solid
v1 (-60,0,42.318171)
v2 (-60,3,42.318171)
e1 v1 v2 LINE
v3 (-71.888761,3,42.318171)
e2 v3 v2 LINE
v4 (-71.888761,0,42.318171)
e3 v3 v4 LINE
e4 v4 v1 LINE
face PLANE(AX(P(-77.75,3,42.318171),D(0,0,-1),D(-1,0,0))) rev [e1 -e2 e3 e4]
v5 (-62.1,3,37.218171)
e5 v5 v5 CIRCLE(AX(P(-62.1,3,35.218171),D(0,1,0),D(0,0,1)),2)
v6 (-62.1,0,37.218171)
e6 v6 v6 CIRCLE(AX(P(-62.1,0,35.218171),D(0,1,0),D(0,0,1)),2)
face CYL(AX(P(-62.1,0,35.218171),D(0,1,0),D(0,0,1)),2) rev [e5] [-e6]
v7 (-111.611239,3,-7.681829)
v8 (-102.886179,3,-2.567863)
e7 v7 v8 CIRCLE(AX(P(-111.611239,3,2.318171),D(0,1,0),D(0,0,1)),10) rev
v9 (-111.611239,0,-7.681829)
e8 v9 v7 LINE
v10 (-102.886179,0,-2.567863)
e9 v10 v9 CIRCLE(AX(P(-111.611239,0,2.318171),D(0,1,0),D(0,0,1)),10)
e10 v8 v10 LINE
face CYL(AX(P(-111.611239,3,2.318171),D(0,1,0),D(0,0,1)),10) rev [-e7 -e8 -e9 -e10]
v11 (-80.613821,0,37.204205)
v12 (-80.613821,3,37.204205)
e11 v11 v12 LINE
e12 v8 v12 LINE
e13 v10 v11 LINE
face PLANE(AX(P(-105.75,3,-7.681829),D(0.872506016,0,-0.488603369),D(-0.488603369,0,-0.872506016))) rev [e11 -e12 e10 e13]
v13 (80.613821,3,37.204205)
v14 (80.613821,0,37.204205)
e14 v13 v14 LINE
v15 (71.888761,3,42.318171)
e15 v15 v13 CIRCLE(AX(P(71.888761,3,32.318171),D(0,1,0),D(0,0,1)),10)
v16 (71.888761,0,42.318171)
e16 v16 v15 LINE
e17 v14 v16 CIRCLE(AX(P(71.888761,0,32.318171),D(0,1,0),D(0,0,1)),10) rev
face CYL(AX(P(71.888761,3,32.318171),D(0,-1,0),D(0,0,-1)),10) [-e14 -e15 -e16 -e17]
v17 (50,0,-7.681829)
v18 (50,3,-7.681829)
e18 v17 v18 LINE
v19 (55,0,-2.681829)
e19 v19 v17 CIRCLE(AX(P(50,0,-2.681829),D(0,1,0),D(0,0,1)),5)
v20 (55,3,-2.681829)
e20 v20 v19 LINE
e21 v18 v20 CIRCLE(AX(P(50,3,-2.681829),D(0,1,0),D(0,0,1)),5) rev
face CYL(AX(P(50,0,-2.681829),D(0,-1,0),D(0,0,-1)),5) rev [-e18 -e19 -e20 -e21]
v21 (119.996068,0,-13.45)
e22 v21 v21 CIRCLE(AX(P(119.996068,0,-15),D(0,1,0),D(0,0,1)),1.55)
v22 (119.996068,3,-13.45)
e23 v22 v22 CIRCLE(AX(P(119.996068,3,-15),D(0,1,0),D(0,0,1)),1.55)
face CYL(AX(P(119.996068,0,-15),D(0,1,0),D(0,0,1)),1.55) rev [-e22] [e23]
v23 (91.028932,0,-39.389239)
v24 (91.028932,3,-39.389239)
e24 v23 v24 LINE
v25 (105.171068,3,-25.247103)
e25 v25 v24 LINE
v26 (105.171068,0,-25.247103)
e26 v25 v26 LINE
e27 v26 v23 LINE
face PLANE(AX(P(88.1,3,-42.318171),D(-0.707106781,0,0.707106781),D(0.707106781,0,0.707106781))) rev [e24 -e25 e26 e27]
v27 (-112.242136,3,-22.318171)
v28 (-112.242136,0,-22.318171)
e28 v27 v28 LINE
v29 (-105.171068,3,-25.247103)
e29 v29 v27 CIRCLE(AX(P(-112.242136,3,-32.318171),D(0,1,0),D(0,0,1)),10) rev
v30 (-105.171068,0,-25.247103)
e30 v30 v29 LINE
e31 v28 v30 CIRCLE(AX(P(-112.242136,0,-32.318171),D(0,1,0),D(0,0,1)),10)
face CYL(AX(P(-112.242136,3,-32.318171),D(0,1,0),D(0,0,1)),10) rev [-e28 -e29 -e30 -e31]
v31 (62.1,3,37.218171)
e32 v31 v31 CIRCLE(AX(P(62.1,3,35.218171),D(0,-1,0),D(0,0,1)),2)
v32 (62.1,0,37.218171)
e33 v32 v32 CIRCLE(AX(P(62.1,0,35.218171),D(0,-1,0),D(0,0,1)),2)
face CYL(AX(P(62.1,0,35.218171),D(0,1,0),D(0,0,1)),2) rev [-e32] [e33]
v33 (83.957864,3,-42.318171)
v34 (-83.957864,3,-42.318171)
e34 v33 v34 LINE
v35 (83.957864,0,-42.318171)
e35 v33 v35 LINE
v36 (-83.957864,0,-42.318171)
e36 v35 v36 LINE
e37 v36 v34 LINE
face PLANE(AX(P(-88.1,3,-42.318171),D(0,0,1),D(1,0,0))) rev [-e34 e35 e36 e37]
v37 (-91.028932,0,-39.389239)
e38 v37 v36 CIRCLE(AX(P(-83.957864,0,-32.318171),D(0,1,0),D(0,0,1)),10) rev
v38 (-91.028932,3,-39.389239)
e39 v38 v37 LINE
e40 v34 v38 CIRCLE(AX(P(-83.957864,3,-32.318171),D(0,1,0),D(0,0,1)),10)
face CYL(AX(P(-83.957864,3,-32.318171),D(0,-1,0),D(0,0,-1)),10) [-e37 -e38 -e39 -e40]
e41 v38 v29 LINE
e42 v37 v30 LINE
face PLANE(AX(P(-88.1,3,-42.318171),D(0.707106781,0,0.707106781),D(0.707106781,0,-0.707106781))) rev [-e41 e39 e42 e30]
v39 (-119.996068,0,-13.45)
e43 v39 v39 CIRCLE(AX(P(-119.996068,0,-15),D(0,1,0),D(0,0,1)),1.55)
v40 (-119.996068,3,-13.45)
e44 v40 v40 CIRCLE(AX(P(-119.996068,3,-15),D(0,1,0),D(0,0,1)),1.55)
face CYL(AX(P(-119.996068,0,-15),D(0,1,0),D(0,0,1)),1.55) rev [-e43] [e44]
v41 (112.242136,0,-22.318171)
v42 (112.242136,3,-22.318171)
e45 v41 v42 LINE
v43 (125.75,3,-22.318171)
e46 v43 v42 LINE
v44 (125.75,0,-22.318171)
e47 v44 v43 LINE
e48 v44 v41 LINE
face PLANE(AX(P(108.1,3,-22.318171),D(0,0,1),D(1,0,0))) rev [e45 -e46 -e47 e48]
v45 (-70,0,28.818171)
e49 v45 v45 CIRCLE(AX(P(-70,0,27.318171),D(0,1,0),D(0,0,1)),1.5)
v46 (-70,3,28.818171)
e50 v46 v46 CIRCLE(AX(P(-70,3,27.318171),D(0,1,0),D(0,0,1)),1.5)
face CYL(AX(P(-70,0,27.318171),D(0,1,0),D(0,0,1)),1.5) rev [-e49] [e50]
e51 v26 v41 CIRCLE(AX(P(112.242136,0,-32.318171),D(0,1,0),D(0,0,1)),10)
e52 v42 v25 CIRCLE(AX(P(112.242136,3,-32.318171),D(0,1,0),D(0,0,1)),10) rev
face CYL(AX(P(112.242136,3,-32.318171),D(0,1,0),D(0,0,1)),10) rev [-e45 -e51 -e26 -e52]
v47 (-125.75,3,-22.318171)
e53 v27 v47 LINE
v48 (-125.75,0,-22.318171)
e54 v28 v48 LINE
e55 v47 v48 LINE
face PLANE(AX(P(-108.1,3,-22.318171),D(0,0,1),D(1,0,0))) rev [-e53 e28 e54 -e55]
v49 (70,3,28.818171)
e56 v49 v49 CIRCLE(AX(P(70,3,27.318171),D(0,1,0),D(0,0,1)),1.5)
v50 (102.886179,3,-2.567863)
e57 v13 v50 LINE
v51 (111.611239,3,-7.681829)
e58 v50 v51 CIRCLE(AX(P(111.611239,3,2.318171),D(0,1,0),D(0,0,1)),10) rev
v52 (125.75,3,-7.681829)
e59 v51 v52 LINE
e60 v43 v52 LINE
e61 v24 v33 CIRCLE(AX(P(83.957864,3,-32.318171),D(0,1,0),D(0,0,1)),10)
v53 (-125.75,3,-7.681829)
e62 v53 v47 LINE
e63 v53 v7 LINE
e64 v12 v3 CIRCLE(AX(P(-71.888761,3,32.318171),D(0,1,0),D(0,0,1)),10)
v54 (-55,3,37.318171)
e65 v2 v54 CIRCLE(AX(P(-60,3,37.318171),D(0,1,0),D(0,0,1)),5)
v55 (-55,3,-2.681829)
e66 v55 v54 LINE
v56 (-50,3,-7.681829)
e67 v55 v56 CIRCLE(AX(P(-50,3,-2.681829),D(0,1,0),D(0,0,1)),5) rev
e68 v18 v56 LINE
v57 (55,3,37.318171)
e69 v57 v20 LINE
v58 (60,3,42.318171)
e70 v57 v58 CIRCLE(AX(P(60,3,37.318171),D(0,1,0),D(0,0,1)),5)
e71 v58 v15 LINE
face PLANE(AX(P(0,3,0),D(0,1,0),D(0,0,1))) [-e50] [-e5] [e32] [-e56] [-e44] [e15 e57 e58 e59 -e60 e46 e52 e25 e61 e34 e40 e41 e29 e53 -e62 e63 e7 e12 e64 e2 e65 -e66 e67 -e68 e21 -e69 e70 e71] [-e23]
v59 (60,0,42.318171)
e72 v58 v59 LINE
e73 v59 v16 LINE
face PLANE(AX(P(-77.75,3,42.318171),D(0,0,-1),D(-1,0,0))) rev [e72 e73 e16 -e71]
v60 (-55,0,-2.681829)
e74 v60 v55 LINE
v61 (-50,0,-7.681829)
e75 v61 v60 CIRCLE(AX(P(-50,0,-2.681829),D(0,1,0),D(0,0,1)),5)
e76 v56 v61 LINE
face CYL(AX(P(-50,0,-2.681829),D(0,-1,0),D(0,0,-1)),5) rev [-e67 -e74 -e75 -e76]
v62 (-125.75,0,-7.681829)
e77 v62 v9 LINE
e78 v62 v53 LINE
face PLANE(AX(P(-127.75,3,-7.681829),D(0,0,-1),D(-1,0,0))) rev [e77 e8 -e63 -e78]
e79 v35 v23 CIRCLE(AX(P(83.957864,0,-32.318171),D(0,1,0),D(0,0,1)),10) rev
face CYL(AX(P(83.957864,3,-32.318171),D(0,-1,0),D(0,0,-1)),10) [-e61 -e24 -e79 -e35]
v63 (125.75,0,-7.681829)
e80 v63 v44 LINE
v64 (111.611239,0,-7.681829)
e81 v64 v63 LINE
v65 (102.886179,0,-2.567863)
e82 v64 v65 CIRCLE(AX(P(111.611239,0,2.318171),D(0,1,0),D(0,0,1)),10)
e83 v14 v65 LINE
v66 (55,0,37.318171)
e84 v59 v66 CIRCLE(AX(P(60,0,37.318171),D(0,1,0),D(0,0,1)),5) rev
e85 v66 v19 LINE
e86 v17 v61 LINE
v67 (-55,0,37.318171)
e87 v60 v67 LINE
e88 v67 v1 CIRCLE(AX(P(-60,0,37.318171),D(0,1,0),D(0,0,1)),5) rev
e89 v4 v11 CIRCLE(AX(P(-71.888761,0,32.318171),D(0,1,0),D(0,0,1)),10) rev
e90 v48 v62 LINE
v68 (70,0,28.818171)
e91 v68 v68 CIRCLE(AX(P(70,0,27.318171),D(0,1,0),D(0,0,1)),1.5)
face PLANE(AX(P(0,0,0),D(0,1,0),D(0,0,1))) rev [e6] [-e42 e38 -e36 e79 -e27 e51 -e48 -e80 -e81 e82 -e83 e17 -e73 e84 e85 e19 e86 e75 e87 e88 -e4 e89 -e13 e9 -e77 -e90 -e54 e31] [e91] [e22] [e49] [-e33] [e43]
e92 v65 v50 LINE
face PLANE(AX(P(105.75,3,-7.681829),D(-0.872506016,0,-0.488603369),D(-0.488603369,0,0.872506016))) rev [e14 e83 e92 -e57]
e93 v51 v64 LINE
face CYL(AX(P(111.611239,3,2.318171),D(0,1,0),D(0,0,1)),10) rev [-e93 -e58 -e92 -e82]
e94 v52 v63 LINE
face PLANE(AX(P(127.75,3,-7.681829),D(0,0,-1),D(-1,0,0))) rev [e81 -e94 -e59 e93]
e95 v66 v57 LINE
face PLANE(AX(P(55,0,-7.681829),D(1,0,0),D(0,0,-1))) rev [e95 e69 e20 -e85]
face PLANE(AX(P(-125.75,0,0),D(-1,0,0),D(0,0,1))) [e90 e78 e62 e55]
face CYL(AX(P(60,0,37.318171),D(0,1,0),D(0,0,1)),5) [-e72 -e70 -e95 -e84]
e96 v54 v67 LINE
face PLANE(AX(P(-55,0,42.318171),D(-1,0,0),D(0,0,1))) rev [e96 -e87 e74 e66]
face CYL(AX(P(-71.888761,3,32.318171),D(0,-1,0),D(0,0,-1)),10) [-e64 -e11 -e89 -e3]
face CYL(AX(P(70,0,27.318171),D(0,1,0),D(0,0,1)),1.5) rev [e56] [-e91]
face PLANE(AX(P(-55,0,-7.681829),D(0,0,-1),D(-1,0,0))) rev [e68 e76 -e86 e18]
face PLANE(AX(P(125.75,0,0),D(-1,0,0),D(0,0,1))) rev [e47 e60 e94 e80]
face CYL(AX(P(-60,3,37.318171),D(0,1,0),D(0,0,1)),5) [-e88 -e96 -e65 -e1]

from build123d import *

# Parameters (mm, degrees)
SALIENTE_EXTRUIR1_DEPTH = 3
REDONDEO1_R             = 10
CROQUIS2_R              = 1.5
CROQUIS2_R_2            = 1.55
CORTAR_EXTRUIR1_DEPTH   = 135.610141171
CROQUIS4_W              = 110
CROQUIS4_H              = 50
CORTAR_EXTRUIR2_DEPTH   = 135.610141171
REDONDEO2_R             = 5
CROQUIS5_W              = 4
CROQUIS5_H              = 14.636342218
CORTAR_EXTRUIR3_DEPTH   = 135.610141171
CROQUIS6_W              = 14.636342218
CROQUIS6_H              = 3
SALIENTE_EXTRUIR2_DEPTH = 2
CROQUIS8_W              = 14.636342218
CROQUIS8_H              = 3
SALIENTE_EXTRUIR3_DEPTH = 2
CROQUIS9_R              = 2
CORTAR_EXTRUIR4_DEPTH   = 133.713564137


with BuildPart() as part:
    # Croquis1 → Saliente-Extruir1 (new body)
    with BuildSketch(Plane(origin=(0, 0, 0), x_dir=(1, 0, 0), z_dir=(0, 1, 0))):
        Polygon((-88.1, 42.318171109), (88.1, 42.318171109), (108.1, 22.318171109), (127.75, 22.318171109), (127.75, 7.681828891), (105.75, 7.681828891), (77.75, -42.318171109), (-77.75, -42.318171109), (-105.75, 7.681828891), (-127.75, 7.681828891), (-127.75, 22.318171109), (-108.1, 22.318171109), align=None)
    extrude(amount=SALIENTE_EXTRUIR1_DEPTH)

    # Redondeo1
    redondeo1_edges = [part.edges().sort_by_distance(p)[0] for p in [
        (-88.1, 1.5, -42.318171109),
        (88.1, 1.5, -42.318171109),
        (108.1, 1.5, -22.318171109),
        (105.75, 1.5, -7.681828891),
        (77.75, 1.5, 42.318171109),
        (-77.75, 1.5, 42.318171109),
        (-105.75, 1.5, -7.681828891),
        (-108.1, 1.5, -22.318171109),
    ]]
    fillet(redondeo1_edges, radius=REDONDEO1_R)

    # Croquis2 → Cortar-Extruir1 (cut, through all)
    with BuildSketch(Plane(origin=(0, 3, 0), x_dir=(1, 0, 0), z_dir=(0, 1, 0))):
        with Locations(Location((70, -27.318171109, 0), (0, 0, 270))):
            Circle(CROQUIS2_R)
        with Locations(Location((-70, -27.318171109, 0), (0, 0, 270))):
            Circle(CROQUIS2_R)
        with Locations(Location((-119.996067812, 15, 0), (0, 0, 270))):
            Circle(CROQUIS2_R_2)
        with Locations(Location((119.996067812, 15, 0), (0, 0, 270))):
            Circle(CROQUIS2_R_2)
        with Locations(Location((-17.5, -17.318171109, 0), (0, 0, 270))):
            Circle(CROQUIS2_R)
        with Locations(Location((17.5, -17.318171109, 0), (0, 0, 270))):
            Circle(CROQUIS2_R)
        with Locations(Location((-17.5, -37.318171109, 0), (0, 0, 270))):
            Circle(CROQUIS2_R)
        with Locations(Location((17.5, -37.318171109, 0), (0, 0, 270))):
            Circle(CROQUIS2_R)
    extrude(amount=-CORTAR_EXTRUIR1_DEPTH, mode=Mode.SUBTRACT)

    # Croquis4 → Cortar-Extruir2 (cut, through all)
    with BuildSketch(Plane(origin=(0, 3, 0), x_dir=(1, 0, 0), z_dir=(0, 1, 0))):
        with Locations((0, -17.318171109)):
            Rectangle(CROQUIS4_W, CROQUIS4_H)
    extrude(amount=-CORTAR_EXTRUIR2_DEPTH, mode=Mode.SUBTRACT)

    # Redondeo2
    redondeo2_edges = [part.edges().sort_by_distance(p)[0] for p in [
        (55, 1.5, 42.318171109),
        (-55, 1.5, 42.318171109),
        (-55, 1.5, -7.681828891),
        (55, 1.5, -7.681828891),
    ]]
    fillet(redondeo2_edges, radius=REDONDEO2_R)

    # Croquis5 → Cortar-Extruir3 (cut, through all)
    with BuildSketch(Plane(origin=(0, 3, 0), x_dir=(1, 0, 0), z_dir=(0, 1, 0))):
        with Locations((-125.75, 15)):
            Rectangle(CROQUIS5_W, CROQUIS5_H)
        with Locations((125.75, 15)):
            Rectangle(CROQUIS5_W, CROQUIS5_H)
    extrude(amount=-CORTAR_EXTRUIR3_DEPTH, mode=Mode.SUBTRACT)

    # Croquis6 → Saliente-Extruir2 (add)
    with BuildSketch(Plane(origin=(123.75, 0, 0), x_dir=(0, 0, -1), z_dir=(1, 0, 0))):
        with Locations((15, 1.5)):
            Rectangle(CROQUIS6_W, CROQUIS6_H)
    extrude(amount=SALIENTE_EXTRUIR2_DEPTH)

    # Croquis8 → Saliente-Extruir3 (add)
    with BuildSketch(Plane.ZY.offset(123.75)):
        with Locations((-15, 1.5)):
            Rectangle(CROQUIS8_W, CROQUIS8_H)
    extrude(amount=SALIENTE_EXTRUIR3_DEPTH)

    # Croquis9 → Cortar-Extruir4 (cut, through all)
    with BuildSketch(Plane(origin=(0, 3, 0), x_dir=(1, 0, 0), z_dir=(0, 1, 0))):
        with Locations(Location((-62.1, -35.218171109, 0), (0, 0, 270))):
            Circle(CROQUIS9_R)
    cortar_extruir4 = extrude(amount=-CORTAR_EXTRUIR4_DEPTH, mode=Mode.SUBTRACT)

    # Simetría1: Cortar-Extruir4 across plane
    add(cortar_extruir4.mirror(Plane(origin=(0, 0, 0), x_dir=(0, 0, 1), z_dir=(1, 0, 0))), mode=Mode.SUBTRACT)


solid = part.part
